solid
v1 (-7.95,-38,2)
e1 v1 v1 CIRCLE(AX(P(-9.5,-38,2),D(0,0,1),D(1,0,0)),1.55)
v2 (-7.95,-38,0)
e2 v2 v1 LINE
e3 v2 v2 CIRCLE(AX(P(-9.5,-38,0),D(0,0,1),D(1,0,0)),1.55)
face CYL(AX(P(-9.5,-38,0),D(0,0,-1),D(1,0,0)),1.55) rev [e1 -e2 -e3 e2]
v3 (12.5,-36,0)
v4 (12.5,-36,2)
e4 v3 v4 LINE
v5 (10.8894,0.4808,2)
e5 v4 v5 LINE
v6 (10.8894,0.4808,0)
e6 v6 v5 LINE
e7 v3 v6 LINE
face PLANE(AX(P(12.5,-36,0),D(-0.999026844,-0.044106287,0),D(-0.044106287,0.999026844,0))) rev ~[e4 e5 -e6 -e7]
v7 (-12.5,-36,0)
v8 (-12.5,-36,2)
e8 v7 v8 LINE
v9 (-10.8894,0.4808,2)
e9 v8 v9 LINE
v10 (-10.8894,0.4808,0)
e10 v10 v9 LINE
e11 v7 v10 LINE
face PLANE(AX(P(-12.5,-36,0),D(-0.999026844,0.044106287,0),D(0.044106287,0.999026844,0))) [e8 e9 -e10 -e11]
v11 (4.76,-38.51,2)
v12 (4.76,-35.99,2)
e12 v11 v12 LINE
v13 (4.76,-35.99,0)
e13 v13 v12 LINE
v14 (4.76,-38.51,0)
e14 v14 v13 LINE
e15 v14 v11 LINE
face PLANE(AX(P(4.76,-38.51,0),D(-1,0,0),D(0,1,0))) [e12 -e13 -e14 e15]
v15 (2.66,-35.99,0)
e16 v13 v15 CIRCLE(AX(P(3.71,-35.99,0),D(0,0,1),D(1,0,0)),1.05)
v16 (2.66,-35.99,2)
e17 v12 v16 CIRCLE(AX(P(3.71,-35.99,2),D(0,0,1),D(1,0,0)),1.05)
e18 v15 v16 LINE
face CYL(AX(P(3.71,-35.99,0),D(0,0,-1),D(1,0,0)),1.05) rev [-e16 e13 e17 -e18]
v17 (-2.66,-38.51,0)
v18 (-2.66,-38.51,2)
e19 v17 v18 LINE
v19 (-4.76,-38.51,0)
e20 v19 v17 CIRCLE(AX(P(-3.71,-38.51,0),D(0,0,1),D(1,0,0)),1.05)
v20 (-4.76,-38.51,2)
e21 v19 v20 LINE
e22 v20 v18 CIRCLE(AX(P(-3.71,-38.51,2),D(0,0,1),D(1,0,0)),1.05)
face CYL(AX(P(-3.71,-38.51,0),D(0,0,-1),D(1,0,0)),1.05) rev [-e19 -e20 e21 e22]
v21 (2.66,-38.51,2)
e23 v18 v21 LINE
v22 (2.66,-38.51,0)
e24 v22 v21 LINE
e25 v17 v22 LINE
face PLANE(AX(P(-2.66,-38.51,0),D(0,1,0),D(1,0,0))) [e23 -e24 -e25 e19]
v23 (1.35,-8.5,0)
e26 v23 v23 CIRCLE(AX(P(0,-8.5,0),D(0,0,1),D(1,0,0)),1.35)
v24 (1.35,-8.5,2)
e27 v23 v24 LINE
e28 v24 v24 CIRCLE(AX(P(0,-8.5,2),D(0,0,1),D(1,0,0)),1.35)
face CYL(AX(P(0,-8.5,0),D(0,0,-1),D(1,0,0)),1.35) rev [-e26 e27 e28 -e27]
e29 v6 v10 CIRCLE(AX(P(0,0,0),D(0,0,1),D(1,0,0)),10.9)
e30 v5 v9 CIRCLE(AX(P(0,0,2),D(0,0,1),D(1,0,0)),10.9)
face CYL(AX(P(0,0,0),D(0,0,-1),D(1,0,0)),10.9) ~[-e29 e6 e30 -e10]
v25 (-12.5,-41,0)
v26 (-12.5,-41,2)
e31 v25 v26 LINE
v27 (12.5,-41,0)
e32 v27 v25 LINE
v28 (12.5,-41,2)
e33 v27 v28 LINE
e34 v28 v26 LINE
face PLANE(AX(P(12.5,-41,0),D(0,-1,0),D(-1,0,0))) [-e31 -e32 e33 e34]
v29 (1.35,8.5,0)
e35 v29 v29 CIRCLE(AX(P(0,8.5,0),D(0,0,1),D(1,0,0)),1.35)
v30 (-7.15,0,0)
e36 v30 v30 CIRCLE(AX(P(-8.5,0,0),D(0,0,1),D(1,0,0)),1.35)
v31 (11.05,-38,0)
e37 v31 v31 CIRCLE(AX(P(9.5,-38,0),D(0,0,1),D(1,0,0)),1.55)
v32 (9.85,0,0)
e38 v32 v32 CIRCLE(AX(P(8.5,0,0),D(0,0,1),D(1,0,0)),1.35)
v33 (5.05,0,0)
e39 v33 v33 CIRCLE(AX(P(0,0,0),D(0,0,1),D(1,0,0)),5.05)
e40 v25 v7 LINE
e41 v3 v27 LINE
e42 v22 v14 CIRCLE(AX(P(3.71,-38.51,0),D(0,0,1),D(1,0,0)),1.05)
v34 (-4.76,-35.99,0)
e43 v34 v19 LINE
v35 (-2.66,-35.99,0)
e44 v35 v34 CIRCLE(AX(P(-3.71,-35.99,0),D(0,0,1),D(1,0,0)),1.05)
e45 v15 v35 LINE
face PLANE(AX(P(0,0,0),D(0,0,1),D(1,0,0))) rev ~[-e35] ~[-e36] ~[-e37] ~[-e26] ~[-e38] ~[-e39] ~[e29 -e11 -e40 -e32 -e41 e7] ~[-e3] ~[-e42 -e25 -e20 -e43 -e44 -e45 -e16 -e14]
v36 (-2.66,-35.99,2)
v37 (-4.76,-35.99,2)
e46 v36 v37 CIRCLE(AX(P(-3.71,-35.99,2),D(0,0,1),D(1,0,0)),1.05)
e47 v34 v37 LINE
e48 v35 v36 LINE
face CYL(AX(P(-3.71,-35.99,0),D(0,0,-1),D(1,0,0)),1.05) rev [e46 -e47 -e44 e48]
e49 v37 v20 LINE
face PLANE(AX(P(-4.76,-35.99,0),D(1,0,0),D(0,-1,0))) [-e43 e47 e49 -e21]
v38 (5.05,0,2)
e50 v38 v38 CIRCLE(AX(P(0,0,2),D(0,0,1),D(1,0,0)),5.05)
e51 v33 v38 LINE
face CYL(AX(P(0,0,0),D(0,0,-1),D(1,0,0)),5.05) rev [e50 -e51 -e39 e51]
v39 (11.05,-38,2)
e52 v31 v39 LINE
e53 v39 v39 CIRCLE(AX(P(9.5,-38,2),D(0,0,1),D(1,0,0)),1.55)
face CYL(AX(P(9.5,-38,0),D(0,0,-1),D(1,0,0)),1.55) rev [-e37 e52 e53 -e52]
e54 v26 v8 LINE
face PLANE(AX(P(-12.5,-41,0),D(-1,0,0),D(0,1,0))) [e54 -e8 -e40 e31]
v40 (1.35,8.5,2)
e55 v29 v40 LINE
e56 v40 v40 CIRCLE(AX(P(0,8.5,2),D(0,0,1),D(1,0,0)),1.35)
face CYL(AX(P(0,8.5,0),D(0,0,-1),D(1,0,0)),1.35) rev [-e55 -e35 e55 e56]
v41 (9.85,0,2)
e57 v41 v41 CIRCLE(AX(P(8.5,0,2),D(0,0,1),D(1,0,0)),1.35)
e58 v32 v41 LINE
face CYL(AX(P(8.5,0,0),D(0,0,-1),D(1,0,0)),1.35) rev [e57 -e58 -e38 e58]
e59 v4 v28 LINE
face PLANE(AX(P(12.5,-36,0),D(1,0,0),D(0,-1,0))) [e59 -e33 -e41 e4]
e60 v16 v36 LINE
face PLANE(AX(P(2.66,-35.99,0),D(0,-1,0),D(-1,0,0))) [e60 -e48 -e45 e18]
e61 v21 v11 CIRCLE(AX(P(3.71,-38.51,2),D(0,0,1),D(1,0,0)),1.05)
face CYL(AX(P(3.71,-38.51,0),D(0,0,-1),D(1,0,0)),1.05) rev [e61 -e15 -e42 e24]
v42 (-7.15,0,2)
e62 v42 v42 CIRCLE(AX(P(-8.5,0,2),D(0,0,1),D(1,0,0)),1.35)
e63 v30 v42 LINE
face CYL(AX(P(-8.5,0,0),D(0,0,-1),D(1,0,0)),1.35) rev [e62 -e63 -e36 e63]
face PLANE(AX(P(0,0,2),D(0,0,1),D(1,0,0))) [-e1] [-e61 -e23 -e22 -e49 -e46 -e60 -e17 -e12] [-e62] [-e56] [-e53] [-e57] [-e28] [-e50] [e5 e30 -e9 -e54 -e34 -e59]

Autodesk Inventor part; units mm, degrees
ref_plane "YZ Plane" through (0, 0, 0) normal (1, 0, 0) x (0, 1, 0)
ref_plane "XZ Plane" through (0, 0, 0) normal (0, 1, 0) x (-1, 0, 0)
ref_plane "XY Plane" through (0, 0, 0) normal (0, 0, 1) x (1, 0, 0)
sketch "スケッチ1" plane through (0, 0, 0) normal (0, 0, 1) x (1, 0, 0)
  line L0 (-63.6765, 0) -> (66.53, 0) construction
  line L1 (0, 73.5962) -> (0, -63.7716) construction
  circle A0 centre (0, 0) radius 5.05
  circle A1 centre (0, 0) radius 8 construction
  circle A2 centre (0, 0) radius 10.9
  circle A3 centre (0, 8.5) radius 1.35
  circle A4 centre (0, 8.5) radius 2.4 construction
  circle A5 centre (-8.5, 0) radius 2.4 construction
  circle A6 centre (-8.5, 0) radius 1.35
  circle A7 centre (0, -8.5) radius 2.4 construction
  circle A8 centre (0, -8.5) radius 1.35
  circle A9 centre (8.5, 0) radius 2.4 construction
  circle A10 centre (8.5, 0) radius 1.35
  line L2 (12.5, -41) -> (-12.5, -41)
  line L3 (-12.5, -41) -> (-12.5, -36)
  line L4 (-12.5, -36) -> (12.5, -36) construction
  line L5 (12.5, -36) -> (12.5, -41)
  line L6 (12.5, -41) -> (-12.5, -36) construction
  line L7 (-12.5, -41) -> (12.5, -36) construction
  line L8 (12.5, -36) -> (10.8894, 0.4808)
  line L9 (-12.5, -36) -> (-10.8894, 0.4808)
  circle A11 centre (-9.5, -38) radius 1.55
  line L10 (-12.5, -38) -> (12.5, -38) construction
  line L11 (-4.75, -36) -> (-4.75, -41) construction
  line L12 (4.75, -36) -> (4.75, -41) construction
  circle A12 centre (9.5, -38) radius 1.55
  line L13 (-4.75, -36) -> (4.75, -36) construction
  line L14 (4.75, -36) -> (4.75, -38.5) construction
  line L15 (4.75, -38.5) -> (-4.75, -38.5) construction
  line L16 (-4.75, -38.5) -> (-4.75, -36) construction
  line L17 (-4.75, -37.25) -> (4.75, -37.25) construction
  line L18 (-4.76, -38.51) -> (4.76, -38.51)
  line L19 (4.76, -38.51) -> (4.76, -35.99)
  line L20 (4.76, -35.99) -> (-4.76, -35.99)
  line L21 (-4.76, -35.99) -> (-4.76, -38.51)
  circle A13 centre (-3.71, -35.99) radius 1.05
  circle A14 centre (-3.71, -38.51) radius 1.05
  circle A15 centre (3.71, -35.99) radius 1.05
  circle A16 centre (3.71, -38.51) radius 1.05
  point P0 (0, -38.5)
  point P1 (4.75, -36)
  point P2 (2.66, -38.51)
  point P3 (-2.66, -38.51)
  point P4 (-2.66, -35.99)
  point P5 (2.66, -35.99)
  dimension "d0" = 10.1
  dimension "d1" = 16
  dimension "d4" = 2.7
  dimension "d5" = 8.5
  dimension "d6" = 4.8
  dimension "d10" = 360
  dimension "d12" = 25
  dimension "d13" = 5
  dimension "d14" = 36
  dimension "d15" = 3
  dimension "d16" = 9.5
  dimension "d17" = 3.1
  dimension "d18" = 3
  dimension "d19" = 4.75
  dimension "d30" = 19
  dimension "d39" = 0.01
  dimension "d40" = 1.05
  dimension "d41" = 2.1
extrude "押し出し1" add sketch "スケッチ1" along normal blind 2
equation "\"d19\" = 0.5 * d16"
properties part number "Foot_back_frame" material "アルミニウム 2014-T4"
